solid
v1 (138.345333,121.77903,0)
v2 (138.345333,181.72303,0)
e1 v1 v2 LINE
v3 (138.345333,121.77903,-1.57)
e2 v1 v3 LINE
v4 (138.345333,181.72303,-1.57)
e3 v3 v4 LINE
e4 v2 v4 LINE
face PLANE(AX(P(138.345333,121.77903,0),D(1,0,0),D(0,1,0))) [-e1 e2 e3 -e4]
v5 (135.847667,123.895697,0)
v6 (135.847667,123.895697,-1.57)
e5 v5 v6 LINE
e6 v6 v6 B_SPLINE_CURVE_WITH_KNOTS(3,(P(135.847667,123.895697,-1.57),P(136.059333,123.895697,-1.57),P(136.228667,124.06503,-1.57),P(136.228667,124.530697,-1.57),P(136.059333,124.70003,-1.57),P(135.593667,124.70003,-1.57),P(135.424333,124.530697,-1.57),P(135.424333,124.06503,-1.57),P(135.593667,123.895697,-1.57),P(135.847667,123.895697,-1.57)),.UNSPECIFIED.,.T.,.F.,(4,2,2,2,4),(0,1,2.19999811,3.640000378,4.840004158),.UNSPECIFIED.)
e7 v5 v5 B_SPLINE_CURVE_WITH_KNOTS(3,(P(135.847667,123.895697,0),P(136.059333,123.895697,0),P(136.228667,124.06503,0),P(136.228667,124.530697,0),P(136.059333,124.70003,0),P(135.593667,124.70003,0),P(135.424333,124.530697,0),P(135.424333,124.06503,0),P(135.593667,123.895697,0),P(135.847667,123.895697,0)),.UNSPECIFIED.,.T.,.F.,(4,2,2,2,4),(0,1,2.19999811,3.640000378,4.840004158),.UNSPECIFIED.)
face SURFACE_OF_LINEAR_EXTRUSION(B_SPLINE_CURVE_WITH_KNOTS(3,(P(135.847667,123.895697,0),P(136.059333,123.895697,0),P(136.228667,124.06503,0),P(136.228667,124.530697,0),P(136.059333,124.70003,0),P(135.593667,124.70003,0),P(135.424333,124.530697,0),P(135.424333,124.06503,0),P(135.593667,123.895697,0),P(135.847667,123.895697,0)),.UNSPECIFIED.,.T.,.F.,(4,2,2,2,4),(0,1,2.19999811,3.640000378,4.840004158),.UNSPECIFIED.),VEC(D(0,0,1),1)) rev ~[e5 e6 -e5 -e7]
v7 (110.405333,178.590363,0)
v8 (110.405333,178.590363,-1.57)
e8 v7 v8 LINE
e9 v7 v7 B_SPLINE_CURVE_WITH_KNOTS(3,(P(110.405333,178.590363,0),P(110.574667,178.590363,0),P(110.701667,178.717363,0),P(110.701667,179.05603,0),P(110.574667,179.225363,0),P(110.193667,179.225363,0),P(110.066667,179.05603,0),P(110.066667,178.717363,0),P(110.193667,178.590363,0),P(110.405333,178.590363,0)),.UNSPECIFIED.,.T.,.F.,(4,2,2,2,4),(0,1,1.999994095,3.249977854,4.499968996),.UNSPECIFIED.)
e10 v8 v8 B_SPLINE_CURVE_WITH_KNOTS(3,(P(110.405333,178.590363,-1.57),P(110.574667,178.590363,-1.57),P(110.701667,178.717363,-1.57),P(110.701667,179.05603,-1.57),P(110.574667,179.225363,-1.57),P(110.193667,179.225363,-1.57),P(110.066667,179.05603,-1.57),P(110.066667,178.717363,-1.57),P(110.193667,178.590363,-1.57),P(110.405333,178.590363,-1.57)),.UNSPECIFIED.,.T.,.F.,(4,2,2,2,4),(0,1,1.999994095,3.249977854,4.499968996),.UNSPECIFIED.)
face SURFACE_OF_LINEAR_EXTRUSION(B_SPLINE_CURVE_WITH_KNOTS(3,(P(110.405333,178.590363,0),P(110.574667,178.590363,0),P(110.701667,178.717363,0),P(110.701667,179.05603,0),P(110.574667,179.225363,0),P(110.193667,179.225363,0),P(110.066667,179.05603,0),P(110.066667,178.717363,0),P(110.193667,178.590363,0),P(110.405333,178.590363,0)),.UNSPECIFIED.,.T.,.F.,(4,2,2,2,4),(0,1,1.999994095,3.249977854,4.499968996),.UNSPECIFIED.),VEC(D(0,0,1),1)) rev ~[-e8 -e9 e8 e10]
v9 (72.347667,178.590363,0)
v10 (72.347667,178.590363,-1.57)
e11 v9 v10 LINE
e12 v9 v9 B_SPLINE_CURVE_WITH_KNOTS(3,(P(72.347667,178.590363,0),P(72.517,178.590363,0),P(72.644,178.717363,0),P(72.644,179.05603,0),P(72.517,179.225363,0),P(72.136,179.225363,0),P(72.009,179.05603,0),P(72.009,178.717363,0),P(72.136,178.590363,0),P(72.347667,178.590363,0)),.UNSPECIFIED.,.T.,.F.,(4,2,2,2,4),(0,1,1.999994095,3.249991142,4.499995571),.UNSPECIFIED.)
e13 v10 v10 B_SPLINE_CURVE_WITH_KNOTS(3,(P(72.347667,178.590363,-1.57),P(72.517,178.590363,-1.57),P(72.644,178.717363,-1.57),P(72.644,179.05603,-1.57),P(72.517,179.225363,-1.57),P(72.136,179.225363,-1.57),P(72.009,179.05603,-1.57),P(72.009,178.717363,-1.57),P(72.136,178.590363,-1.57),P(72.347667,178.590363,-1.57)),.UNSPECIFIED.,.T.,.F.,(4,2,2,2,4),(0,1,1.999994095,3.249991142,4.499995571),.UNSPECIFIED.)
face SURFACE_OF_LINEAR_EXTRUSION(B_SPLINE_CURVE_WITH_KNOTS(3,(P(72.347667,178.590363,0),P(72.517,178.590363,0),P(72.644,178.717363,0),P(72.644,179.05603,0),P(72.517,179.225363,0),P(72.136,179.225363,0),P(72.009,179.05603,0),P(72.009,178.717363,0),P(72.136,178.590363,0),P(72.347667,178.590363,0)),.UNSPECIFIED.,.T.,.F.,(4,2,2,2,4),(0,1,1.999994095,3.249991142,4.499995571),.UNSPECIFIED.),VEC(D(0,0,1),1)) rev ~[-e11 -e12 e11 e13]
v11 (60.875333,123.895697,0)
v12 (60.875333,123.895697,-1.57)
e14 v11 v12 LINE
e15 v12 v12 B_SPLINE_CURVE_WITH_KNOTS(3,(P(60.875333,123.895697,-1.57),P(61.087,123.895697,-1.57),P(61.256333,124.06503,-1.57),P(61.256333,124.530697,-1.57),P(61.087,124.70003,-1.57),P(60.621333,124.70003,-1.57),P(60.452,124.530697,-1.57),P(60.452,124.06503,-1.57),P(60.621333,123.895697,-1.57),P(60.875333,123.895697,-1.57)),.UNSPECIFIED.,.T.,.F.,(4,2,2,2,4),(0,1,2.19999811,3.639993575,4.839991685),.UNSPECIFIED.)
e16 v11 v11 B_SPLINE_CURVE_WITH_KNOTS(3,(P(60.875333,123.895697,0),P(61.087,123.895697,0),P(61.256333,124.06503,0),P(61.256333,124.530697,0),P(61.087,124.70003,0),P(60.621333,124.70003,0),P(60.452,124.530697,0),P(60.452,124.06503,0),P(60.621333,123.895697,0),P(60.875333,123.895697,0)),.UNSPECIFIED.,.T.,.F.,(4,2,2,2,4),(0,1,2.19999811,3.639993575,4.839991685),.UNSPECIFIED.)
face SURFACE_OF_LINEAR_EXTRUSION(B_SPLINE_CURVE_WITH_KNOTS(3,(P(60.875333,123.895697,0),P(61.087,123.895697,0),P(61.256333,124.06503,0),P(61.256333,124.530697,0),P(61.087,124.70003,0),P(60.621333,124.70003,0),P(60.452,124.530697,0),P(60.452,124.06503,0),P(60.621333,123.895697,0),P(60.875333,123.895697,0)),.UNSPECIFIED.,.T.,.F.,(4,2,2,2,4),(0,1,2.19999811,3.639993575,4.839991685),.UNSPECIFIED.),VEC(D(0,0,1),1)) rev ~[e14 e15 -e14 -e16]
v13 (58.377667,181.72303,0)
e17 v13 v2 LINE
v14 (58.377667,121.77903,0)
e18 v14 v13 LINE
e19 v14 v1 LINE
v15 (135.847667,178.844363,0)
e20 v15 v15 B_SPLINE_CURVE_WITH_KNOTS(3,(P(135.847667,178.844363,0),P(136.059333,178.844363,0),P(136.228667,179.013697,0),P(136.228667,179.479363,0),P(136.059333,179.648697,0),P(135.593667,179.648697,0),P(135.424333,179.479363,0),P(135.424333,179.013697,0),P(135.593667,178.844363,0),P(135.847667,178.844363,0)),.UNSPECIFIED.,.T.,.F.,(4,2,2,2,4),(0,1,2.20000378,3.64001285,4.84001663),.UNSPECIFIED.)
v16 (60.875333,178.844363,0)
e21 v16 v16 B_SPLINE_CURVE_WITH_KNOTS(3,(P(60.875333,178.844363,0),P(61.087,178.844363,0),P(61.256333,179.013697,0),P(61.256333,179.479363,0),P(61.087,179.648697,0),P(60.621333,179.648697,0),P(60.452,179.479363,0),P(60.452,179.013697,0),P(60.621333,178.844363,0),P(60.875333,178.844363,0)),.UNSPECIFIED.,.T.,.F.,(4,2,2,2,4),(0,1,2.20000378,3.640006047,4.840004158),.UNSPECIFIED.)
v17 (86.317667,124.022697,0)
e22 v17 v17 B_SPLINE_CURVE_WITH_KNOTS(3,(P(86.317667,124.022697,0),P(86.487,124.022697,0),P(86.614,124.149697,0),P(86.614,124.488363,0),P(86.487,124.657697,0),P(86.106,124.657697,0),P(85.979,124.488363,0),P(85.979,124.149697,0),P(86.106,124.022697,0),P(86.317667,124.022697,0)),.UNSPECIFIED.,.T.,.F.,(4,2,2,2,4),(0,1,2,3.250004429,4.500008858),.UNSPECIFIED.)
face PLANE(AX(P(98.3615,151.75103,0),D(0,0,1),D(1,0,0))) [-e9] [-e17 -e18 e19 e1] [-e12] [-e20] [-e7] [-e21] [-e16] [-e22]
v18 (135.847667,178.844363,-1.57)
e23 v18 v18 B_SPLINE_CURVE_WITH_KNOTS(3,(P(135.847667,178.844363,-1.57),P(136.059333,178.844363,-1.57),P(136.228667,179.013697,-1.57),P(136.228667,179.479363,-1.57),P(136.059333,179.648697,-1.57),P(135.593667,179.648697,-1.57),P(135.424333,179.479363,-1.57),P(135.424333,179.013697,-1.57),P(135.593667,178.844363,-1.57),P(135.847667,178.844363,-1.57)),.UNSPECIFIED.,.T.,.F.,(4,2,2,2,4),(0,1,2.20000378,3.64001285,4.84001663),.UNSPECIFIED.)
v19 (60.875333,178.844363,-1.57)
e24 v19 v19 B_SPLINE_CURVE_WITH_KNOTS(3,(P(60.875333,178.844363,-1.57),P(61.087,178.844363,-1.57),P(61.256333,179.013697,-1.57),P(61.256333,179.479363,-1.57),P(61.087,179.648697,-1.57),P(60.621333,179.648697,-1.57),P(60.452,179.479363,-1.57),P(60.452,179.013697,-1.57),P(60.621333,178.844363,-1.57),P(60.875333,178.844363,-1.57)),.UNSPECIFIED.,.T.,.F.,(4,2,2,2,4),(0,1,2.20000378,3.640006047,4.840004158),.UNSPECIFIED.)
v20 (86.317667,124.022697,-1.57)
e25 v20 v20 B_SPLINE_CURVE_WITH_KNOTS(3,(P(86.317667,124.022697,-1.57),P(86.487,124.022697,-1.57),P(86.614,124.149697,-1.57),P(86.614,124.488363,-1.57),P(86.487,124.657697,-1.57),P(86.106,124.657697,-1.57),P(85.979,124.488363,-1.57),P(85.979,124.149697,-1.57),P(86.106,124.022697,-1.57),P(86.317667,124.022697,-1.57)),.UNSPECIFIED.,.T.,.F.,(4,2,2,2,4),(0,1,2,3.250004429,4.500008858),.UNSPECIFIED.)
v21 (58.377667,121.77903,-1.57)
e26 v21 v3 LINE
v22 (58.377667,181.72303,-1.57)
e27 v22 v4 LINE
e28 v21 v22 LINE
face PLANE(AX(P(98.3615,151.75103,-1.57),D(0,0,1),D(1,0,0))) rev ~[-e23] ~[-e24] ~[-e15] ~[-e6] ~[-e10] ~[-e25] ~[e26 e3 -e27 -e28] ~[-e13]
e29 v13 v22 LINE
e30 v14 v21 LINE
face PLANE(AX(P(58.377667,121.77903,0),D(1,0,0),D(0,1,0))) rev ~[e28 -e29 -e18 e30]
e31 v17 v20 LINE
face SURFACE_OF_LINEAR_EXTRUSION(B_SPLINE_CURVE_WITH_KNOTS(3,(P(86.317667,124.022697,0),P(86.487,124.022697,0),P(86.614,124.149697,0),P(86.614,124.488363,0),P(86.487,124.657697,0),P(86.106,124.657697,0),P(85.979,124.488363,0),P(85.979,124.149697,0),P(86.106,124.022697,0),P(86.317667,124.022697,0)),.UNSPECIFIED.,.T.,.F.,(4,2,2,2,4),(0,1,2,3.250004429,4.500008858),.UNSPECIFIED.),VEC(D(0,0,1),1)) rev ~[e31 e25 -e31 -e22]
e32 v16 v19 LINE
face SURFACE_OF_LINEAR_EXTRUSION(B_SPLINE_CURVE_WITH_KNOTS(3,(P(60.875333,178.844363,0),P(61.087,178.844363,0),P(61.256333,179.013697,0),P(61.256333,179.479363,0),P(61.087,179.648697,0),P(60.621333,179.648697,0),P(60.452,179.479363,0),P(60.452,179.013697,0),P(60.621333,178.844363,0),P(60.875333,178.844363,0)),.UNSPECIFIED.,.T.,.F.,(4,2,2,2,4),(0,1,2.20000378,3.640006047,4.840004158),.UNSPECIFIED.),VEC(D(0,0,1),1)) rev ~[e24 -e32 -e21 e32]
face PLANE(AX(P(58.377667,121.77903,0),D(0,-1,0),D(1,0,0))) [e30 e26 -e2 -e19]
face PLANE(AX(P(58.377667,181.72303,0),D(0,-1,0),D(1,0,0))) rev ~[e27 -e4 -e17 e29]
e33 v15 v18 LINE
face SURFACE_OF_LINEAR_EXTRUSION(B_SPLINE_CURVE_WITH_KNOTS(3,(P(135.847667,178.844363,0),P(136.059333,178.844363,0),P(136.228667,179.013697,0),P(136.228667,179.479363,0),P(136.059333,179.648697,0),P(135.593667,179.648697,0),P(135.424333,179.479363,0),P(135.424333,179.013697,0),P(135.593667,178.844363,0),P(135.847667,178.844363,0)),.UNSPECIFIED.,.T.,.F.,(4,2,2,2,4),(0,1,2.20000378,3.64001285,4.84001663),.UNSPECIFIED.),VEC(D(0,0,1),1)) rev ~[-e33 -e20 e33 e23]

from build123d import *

# Parameters (mm, degrees)
MODEL_W             = 79.967666
MODEL_H             = 59.944
BOSS_EXTRUDE2_DEPTH = 1.57


with BuildPart() as part:
    # Model → Boss-Extrude2 (new body)
    with BuildSketch(Plane.XY):
        with Locations((98.3615, 151.75103)):
            Rectangle(MODEL_W, MODEL_H)
        with BuildLine():
            add(Edge.make_bspline(
                [(86.614, 124.31903), (86.614, 124.488363), (86.487, 124.657697), (86.317667, 124.657697)],
                knots=[0, 0, 0, 0, 1, 1, 1, 1], degree=3))
            add(Edge.make_bspline(
                [(86.317667, 124.657697), (86.106, 124.657697), (85.979, 124.488363), (85.979, 124.31903)],
                knots=[0, 0, 0, 0, 1, 1, 1, 1], degree=3))
            add(Edge.make_bspline(
                [(85.979, 124.31903), (85.979, 124.149697), (86.106, 124.022697), (86.317667, 124.022697)],
                knots=[0, 0, 0, 0, 1, 1, 1, 1], degree=3))
            add(Edge.make_bspline(
                [(86.317667, 124.022697), (86.487, 124.022697), (86.614, 124.149697), (86.614, 124.31903)],
                knots=[0, 0, 0, 0, 1, 1, 1, 1], degree=3))
        make_face(mode=Mode.SUBTRACT)
        with BuildLine():
            add(Edge.make_bspline(
                [(61.256333, 124.276697), (61.256333, 124.530697), (61.087, 124.70003), (60.875333, 124.70003)],
                knots=[0, 0, 0, 0, 1, 1, 1, 1], degree=3))
            add(Edge.make_bspline(
                [(60.875333, 124.70003), (60.621333, 124.70003), (60.452, 124.530697), (60.452, 124.276697)],
                knots=[0, 0, 0, 0, 1, 1, 1, 1], degree=3))
            add(Edge.make_bspline(
                [(60.452, 124.276697), (60.452, 124.06503), (60.621333, 123.895697), (60.875333, 123.895697)],
                knots=[0, 0, 0, 0, 1, 1, 1, 1], degree=3))
            add(Edge.make_bspline(
                [(60.875333, 123.895697), (61.087, 123.895697), (61.256333, 124.06503), (61.256333, 124.276697)],
                knots=[0, 0, 0, 0, 1, 1, 1, 1], degree=3))
        make_face(mode=Mode.SUBTRACT)
        with BuildLine():
            add(Edge.make_bspline(
                [(136.228667, 124.276697), (136.228667, 124.530697), (136.059333, 124.70003), (135.847667, 124.70003)],
                knots=[0, 0, 0, 0, 1, 1, 1, 1], degree=3))
            add(Edge.make_bspline(
                [(135.847667, 124.70003), (135.593667, 124.70003), (135.424333, 124.530697), (135.424333, 124.276697)],
                knots=[0, 0, 0, 0, 1, 1, 1, 1], degree=3))
            add(Edge.make_bspline(
                [(135.424333, 124.276697), (135.424333, 124.06503), (135.593667, 123.895697), (135.847667, 123.895697)],
                knots=[0, 0, 0, 0, 1, 1, 1, 1], degree=3))
            add(Edge.make_bspline(
                [(135.847667, 123.895697), (136.059333, 123.895697), (136.228667, 124.06503), (136.228667, 124.276697)],
                knots=[0, 0, 0, 0, 1, 1, 1, 1], degree=3))
        make_face(mode=Mode.SUBTRACT)
        with BuildLine():
            add(Edge.make_bspline(
                [(136.228667, 179.225363), (136.228667, 179.479363), (136.059333, 179.648697), (135.847667, 179.648697)],
                knots=[0, 0, 0, 0, 1, 1, 1, 1], degree=3))
            add(Edge.make_bspline(
                [(135.847667, 179.648697), (135.593667, 179.648697), (135.424333, 179.479363), (135.424333, 179.225363)],
                knots=[0, 0, 0, 0, 1, 1, 1, 1], degree=3))
            add(Edge.make_bspline(
                [(135.424333, 179.225363), (135.424333, 179.013697), (135.593667, 178.844363), (135.847667, 178.844363)],
                knots=[0, 0, 0, 0, 1, 1, 1, 1], degree=3))
            add(Edge.make_bspline(
                [(135.847667, 178.844363), (136.059333, 178.844363), (136.228667, 179.013697), (136.228667, 179.225363)],
                knots=[0, 0, 0, 0, 1, 1, 1, 1], degree=3))
        make_face(mode=Mode.SUBTRACT)
        with BuildLine():
            add(Edge.make_bspline(
                [(72.644, 178.886697), (72.644, 179.05603), (72.517, 179.225363), (72.347667, 179.225363)],
                knots=[0, 0, 0, 0, 1, 1, 1, 1], degree=3))
            add(Edge.make_bspline(
                [(72.347667, 179.225363), (72.136, 179.225363), (72.009, 179.05603), (72.009, 178.886697)],
                knots=[0, 0, 0, 0, 1, 1, 1, 1], degree=3))
            add(Edge.make_bspline(
                [(72.009, 178.886697), (72.009, 178.717363), (72.136, 178.590363), (72.347667, 178.590363)],
                knots=[0, 0, 0, 0, 1, 1, 1, 1], degree=3))
            add(Edge.make_bspline(
                [(72.347667, 178.590363), (72.517, 178.590363), (72.644, 178.717363), (72.644, 178.886697)],
                knots=[0, 0, 0, 0, 1, 1, 1, 1], degree=3))
        make_face(mode=Mode.SUBTRACT)
        with BuildLine():
            add(Edge.make_bspline(
                [(110.701667, 178.886697), (110.701667, 179.05603), (110.574667, 179.225363), (110.405333, 179.225363)],
                knots=[0, 0, 0, 0, 1, 1, 1, 1], degree=3))
            add(Edge.make_bspline(
                [(110.405333, 179.225363), (110.193667, 179.225363), (110.066667, 179.05603), (110.066667, 178.886697)],
                knots=[0, 0, 0, 0, 1, 1, 1, 1], degree=3))
            add(Edge.make_bspline(
                [(110.066667, 178.886697), (110.066667, 178.717363), (110.193667, 178.590363), (110.405333, 178.590363)],
                knots=[0, 0, 0, 0, 1, 1, 1, 1], degree=3))
            add(Edge.make_bspline(
                [(110.405333, 178.590363), (110.574667, 178.590363), (110.701667, 178.717363), (110.701667, 178.886697)],
                knots=[0, 0, 0, 0, 1, 1, 1, 1], degree=3))
        make_face(mode=Mode.SUBTRACT)
        with BuildLine():
            add(Edge.make_bspline(
                [(61.256333, 179.225363), (61.256333, 179.479363), (61.087, 179.648697), (60.875333, 179.648697)],
                knots=[0, 0, 0, 0, 1, 1, 1, 1], degree=3))
            add(Edge.make_bspline(
                [(60.875333, 179.648697), (60.621333, 179.648697), (60.452, 179.479363), (60.452, 179.225363)],
                knots=[0, 0, 0, 0, 1, 1, 1, 1], degree=3))
            add(Edge.make_bspline(
                [(60.452, 179.225363), (60.452, 179.013697), (60.621333, 178.844363), (60.875333, 178.844363)],
                knots=[0, 0, 0, 0, 1, 1, 1, 1], degree=3))
            add(Edge.make_bspline(
                [(60.875333, 178.844363), (61.087, 178.844363), (61.256333, 179.013697), (61.256333, 179.225363)],
                knots=[0, 0, 0, 0, 1, 1, 1, 1], degree=3))
        make_face(mode=Mode.SUBTRACT)
    extrude(amount=-BOSS_EXTRUDE2_DEPTH)


solid = part.part
